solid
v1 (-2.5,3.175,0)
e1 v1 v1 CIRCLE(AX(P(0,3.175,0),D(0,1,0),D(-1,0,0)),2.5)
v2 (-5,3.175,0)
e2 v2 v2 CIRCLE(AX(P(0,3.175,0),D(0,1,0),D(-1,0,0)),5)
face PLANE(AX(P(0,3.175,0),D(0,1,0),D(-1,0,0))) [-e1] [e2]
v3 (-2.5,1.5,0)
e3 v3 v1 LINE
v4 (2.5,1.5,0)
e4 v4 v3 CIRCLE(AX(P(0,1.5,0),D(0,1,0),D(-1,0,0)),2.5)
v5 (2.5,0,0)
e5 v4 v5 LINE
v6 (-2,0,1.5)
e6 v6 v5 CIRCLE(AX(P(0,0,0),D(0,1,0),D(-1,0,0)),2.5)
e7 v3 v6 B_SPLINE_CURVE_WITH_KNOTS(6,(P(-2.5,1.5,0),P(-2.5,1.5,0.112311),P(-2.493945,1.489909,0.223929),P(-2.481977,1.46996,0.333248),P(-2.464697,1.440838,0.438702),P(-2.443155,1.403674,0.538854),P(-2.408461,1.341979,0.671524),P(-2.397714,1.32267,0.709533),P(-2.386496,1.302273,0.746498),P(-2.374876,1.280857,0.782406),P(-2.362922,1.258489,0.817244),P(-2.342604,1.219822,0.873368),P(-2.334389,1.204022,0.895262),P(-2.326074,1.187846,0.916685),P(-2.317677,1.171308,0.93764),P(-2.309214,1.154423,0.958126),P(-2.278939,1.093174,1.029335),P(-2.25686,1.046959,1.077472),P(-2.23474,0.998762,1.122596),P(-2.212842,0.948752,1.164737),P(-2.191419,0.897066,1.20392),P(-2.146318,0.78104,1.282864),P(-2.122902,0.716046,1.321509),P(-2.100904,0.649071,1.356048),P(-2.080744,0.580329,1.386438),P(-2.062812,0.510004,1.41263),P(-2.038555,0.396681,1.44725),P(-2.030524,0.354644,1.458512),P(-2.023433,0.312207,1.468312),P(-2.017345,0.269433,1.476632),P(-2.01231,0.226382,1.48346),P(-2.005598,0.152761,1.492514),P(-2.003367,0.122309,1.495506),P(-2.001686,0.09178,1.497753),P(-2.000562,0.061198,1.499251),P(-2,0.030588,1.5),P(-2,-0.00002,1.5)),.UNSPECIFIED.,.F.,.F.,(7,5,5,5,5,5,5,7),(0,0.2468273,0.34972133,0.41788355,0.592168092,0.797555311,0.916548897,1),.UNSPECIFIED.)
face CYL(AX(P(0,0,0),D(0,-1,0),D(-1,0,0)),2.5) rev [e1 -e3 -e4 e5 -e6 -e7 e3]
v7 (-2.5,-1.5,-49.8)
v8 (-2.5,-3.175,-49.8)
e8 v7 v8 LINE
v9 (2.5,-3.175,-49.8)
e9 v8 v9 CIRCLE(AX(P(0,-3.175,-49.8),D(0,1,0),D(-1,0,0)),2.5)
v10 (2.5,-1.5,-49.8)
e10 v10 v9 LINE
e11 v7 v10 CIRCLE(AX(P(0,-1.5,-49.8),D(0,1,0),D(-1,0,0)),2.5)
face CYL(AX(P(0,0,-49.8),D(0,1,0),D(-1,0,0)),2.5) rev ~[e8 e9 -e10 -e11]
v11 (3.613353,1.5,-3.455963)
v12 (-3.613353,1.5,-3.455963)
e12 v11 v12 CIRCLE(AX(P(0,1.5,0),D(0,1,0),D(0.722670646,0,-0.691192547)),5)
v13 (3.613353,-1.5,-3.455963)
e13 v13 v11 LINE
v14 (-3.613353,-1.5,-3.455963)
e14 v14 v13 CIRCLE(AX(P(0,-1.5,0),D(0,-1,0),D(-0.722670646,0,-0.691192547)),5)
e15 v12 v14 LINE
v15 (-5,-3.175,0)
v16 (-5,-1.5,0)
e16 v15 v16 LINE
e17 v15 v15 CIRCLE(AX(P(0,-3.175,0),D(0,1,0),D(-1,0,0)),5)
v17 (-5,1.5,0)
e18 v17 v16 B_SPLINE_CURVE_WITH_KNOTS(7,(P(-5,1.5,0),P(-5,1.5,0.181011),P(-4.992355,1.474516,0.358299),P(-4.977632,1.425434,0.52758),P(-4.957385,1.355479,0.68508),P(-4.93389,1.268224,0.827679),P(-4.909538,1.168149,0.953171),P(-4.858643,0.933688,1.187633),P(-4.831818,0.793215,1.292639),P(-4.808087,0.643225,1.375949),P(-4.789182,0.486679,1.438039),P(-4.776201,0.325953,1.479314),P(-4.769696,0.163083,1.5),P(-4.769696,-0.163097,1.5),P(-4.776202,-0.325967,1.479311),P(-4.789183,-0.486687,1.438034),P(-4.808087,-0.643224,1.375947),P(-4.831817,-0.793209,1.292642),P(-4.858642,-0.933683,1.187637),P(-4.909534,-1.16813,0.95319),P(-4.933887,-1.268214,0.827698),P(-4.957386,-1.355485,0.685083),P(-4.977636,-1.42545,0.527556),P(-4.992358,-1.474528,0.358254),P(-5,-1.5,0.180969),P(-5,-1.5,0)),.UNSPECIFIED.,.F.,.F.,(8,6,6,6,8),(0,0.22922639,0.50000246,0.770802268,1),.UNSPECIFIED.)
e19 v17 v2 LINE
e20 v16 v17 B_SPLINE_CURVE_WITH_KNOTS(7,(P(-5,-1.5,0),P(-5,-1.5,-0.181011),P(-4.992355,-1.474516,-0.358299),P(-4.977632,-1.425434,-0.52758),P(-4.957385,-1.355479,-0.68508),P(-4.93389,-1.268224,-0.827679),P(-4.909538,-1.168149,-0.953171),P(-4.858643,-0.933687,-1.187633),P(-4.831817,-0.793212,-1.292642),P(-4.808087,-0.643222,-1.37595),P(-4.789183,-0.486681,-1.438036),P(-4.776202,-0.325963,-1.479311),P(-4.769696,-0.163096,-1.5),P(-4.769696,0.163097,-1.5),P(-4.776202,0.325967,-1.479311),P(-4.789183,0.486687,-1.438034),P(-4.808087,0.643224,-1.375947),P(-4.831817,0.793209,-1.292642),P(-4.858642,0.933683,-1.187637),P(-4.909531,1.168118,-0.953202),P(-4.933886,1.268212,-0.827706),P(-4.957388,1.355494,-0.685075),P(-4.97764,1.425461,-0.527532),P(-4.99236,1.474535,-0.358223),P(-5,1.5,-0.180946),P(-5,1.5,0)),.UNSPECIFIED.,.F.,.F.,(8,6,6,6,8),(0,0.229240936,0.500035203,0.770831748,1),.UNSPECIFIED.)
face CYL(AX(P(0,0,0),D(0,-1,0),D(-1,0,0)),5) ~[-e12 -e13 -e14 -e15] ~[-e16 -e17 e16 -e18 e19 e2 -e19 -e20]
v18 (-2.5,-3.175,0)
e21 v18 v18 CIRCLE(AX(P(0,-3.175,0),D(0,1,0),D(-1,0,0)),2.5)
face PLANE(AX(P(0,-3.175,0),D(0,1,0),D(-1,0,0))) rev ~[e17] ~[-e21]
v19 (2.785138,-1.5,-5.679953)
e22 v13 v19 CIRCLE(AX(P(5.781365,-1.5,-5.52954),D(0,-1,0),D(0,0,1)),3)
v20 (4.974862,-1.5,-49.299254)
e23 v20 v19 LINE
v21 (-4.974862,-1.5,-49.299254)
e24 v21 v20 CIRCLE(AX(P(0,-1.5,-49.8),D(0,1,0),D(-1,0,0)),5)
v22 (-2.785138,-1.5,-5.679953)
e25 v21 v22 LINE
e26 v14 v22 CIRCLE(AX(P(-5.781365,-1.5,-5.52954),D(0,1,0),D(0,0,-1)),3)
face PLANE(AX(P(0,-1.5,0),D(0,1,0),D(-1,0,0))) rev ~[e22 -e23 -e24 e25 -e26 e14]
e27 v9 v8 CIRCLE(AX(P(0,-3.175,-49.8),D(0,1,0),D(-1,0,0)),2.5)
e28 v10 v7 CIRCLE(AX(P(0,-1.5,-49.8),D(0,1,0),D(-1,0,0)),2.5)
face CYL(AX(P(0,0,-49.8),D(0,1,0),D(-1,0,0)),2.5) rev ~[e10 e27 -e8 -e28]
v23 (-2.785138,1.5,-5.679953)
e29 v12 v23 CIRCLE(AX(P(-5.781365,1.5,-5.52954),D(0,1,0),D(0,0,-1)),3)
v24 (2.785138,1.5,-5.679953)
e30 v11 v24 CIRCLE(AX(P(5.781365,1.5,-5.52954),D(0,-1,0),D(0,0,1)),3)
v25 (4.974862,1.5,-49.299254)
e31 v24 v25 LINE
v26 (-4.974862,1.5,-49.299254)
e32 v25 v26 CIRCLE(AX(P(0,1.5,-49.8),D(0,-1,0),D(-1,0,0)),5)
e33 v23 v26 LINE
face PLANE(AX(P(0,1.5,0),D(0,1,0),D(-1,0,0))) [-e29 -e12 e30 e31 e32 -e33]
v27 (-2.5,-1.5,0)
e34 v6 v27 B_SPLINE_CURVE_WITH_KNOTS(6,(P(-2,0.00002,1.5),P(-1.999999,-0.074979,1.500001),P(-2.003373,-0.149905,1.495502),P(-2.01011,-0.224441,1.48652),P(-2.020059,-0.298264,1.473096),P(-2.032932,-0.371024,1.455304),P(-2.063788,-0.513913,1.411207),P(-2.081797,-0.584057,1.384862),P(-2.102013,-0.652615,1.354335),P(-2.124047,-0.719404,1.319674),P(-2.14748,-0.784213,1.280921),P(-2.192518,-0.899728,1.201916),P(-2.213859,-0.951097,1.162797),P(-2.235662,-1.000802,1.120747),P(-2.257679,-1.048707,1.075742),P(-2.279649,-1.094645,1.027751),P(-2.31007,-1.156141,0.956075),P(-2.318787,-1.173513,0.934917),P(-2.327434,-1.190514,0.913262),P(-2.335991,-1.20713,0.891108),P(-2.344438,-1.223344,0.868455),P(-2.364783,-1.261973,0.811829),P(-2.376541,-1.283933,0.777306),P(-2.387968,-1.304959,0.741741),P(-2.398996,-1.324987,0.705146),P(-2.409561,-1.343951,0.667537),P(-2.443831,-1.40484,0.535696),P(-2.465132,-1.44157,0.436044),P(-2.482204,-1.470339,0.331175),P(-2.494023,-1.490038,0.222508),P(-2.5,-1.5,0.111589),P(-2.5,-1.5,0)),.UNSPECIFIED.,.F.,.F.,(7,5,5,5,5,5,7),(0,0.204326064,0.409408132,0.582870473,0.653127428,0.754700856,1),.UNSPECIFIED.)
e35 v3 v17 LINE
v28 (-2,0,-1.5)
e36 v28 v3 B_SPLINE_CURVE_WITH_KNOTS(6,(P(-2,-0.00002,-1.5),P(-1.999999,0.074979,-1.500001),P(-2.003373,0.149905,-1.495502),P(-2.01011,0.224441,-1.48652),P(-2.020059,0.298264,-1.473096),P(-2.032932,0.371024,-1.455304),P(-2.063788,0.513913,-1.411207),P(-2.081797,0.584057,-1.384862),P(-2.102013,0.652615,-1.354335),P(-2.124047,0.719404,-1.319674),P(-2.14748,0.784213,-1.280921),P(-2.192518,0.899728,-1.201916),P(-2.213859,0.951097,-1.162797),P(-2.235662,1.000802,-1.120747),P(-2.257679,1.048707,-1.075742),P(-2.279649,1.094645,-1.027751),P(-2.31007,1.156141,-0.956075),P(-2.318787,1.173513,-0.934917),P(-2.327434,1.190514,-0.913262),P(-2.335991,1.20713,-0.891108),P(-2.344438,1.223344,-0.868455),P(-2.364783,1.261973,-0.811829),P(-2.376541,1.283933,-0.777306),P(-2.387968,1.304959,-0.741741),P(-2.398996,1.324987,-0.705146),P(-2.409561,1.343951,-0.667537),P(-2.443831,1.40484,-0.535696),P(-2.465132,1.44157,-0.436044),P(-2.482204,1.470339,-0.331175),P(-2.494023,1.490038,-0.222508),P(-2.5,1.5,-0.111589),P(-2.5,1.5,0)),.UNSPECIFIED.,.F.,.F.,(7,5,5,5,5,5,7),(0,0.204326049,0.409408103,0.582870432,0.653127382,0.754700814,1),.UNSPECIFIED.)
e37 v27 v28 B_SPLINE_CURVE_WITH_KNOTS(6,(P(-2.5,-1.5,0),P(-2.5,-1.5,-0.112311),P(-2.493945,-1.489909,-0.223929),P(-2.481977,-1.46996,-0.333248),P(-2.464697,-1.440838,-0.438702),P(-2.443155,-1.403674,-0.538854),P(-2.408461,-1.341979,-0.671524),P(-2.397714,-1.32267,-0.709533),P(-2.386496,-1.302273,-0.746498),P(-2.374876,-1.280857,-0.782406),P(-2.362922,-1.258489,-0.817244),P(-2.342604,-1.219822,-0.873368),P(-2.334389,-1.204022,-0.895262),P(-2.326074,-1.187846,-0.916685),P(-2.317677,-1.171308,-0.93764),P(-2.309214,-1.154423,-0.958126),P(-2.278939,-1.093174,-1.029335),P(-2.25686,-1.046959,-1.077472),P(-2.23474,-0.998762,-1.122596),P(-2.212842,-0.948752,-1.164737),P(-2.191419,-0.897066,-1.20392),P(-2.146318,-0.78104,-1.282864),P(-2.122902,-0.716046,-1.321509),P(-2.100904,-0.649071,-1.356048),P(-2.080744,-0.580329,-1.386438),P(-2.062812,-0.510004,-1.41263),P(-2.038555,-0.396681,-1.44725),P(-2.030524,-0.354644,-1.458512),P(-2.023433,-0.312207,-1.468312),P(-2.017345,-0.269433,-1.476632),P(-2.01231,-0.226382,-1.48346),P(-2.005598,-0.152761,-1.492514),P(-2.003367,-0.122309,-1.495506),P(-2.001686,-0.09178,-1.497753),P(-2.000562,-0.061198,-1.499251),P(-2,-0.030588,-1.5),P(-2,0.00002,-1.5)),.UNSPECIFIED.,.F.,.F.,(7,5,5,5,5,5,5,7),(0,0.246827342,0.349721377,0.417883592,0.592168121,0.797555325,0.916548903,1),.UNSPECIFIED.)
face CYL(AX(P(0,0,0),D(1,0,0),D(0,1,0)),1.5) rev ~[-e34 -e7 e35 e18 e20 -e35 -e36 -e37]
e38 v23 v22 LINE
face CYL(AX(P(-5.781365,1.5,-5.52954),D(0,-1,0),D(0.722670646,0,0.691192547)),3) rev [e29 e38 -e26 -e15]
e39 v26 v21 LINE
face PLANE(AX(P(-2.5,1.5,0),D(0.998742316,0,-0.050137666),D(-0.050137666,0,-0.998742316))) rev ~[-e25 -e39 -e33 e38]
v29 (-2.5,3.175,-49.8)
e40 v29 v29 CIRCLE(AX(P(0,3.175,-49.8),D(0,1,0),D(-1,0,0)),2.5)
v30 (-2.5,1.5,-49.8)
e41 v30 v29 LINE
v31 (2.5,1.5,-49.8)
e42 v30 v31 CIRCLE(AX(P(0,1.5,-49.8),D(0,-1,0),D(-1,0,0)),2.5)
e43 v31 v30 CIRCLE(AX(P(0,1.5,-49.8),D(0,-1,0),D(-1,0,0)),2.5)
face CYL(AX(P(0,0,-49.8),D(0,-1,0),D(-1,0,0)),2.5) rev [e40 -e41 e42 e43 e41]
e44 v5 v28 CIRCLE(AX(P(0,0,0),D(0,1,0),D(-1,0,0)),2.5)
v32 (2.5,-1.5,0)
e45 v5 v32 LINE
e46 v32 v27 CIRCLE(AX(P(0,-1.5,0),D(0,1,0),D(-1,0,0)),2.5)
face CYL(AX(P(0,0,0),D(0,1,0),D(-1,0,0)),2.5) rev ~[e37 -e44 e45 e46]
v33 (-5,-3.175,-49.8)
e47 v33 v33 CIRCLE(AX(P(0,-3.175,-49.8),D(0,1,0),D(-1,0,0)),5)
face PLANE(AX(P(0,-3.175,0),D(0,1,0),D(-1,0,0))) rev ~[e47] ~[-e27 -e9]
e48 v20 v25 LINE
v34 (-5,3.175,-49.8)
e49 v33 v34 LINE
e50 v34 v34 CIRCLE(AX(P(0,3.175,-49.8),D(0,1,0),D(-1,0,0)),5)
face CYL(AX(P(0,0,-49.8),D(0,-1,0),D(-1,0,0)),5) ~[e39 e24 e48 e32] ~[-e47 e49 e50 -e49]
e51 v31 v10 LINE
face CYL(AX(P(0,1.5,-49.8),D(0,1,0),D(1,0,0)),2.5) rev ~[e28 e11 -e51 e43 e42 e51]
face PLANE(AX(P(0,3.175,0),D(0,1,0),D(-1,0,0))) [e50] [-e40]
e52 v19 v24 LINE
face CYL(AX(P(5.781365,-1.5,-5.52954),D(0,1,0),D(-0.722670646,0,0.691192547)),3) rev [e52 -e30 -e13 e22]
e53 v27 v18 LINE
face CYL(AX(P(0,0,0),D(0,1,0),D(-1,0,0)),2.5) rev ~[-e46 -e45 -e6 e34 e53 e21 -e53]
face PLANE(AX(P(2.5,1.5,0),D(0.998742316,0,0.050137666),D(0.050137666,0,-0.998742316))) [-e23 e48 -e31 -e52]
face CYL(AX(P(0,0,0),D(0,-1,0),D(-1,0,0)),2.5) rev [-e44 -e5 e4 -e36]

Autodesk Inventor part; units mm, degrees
ref_plane "YZ Plane" through (0, 0, 0) normal (1, 0, 0) x (0, 1, 0)
ref_plane "XY Plane" through (0, 0, 0) normal (0, 0, 1) x (1, 0, 0)
sketch "Sketch1" plane through (0, 0, 0) normal (0, 1, 0) x (-1, 0, 0)
  circle A0 centre (0, 0) radius 5
  circle A1 centre (0, 0) radius 2.5
  dimension "d0" = 10
  dimension "d1" = 5
extrude "Extrusion1" add sketch "Sketch1" along normal mid plane 6.35
sketch "Sketch2" plane through (0, 0, 0) normal (0, 1, 0) x (-1, 0, 0)
  circle A0 centre (0, 0) radius 2.5 construction
  line L0 (0, 0) -> (0, -49.8) construction
  circle A1 centre (0, -49.8) radius 5
  circle A2 centre (0, -49.8) radius 2.5
  dimension "d4" = 49.8
  dimension "d5" = 10
extrude "Extrusion2" add sketch "Sketch2" along normal mid plane 6.35
sketch "Sketch3" plane through (0, 0, 0) normal (1, 0, 0) x (0, 1, 0)
  point P0 (0, 0)
ref_plane "Work Plane1" through (0, 1.5, 0) normal (0, 1, 0) x (-1, 0, 0)
sketch "Sketch4" plane through (0, 1.5, 0) normal (0, 1, 0) x (-1, 0, 0)
  circle A0 centre (0, 0) radius 2.5 projected
  line L0 (-2.5, 0) -> (-5, -49.8)
  circle A1 centre (0, -49.8) radius 5 projected
  line L1 (2.5, 0) -> (5, -49.8)
extrude "Extrusion3" add sketch "Sketch4" against normal blind 3 contours L1 A1 L0 A0 | L1 A1 L0
sketch "Sketch5" plane through (0, 1.5, -49.8) normal (0, 1, 0) x (1, 0, 0)
  circle A0 centre (0, 0) radius 2.5
  point P0 (0, -49.8)
extrude "Extrusion4" cut sketch "Sketch5" against normal through all
fillet "Fillet1" radius 3 4 edges at (2.7109, 0.75, -4.2013) (2.7109, -0.75, -4.2013) (-2.7109, 0.75, -4.2013) (-2.7109, -0.75, -4.2013)
sketch "Sketch6" plane through (0, 0, 0) normal (1, 0, 0) x (0, 1, 0)
  circle A0 centre (0, 0) radius 1.5
  dimension "d15" = 3
extrude "Extrusion5" cut sketch "Sketch6" against normal through all
properties part number "Biella"
